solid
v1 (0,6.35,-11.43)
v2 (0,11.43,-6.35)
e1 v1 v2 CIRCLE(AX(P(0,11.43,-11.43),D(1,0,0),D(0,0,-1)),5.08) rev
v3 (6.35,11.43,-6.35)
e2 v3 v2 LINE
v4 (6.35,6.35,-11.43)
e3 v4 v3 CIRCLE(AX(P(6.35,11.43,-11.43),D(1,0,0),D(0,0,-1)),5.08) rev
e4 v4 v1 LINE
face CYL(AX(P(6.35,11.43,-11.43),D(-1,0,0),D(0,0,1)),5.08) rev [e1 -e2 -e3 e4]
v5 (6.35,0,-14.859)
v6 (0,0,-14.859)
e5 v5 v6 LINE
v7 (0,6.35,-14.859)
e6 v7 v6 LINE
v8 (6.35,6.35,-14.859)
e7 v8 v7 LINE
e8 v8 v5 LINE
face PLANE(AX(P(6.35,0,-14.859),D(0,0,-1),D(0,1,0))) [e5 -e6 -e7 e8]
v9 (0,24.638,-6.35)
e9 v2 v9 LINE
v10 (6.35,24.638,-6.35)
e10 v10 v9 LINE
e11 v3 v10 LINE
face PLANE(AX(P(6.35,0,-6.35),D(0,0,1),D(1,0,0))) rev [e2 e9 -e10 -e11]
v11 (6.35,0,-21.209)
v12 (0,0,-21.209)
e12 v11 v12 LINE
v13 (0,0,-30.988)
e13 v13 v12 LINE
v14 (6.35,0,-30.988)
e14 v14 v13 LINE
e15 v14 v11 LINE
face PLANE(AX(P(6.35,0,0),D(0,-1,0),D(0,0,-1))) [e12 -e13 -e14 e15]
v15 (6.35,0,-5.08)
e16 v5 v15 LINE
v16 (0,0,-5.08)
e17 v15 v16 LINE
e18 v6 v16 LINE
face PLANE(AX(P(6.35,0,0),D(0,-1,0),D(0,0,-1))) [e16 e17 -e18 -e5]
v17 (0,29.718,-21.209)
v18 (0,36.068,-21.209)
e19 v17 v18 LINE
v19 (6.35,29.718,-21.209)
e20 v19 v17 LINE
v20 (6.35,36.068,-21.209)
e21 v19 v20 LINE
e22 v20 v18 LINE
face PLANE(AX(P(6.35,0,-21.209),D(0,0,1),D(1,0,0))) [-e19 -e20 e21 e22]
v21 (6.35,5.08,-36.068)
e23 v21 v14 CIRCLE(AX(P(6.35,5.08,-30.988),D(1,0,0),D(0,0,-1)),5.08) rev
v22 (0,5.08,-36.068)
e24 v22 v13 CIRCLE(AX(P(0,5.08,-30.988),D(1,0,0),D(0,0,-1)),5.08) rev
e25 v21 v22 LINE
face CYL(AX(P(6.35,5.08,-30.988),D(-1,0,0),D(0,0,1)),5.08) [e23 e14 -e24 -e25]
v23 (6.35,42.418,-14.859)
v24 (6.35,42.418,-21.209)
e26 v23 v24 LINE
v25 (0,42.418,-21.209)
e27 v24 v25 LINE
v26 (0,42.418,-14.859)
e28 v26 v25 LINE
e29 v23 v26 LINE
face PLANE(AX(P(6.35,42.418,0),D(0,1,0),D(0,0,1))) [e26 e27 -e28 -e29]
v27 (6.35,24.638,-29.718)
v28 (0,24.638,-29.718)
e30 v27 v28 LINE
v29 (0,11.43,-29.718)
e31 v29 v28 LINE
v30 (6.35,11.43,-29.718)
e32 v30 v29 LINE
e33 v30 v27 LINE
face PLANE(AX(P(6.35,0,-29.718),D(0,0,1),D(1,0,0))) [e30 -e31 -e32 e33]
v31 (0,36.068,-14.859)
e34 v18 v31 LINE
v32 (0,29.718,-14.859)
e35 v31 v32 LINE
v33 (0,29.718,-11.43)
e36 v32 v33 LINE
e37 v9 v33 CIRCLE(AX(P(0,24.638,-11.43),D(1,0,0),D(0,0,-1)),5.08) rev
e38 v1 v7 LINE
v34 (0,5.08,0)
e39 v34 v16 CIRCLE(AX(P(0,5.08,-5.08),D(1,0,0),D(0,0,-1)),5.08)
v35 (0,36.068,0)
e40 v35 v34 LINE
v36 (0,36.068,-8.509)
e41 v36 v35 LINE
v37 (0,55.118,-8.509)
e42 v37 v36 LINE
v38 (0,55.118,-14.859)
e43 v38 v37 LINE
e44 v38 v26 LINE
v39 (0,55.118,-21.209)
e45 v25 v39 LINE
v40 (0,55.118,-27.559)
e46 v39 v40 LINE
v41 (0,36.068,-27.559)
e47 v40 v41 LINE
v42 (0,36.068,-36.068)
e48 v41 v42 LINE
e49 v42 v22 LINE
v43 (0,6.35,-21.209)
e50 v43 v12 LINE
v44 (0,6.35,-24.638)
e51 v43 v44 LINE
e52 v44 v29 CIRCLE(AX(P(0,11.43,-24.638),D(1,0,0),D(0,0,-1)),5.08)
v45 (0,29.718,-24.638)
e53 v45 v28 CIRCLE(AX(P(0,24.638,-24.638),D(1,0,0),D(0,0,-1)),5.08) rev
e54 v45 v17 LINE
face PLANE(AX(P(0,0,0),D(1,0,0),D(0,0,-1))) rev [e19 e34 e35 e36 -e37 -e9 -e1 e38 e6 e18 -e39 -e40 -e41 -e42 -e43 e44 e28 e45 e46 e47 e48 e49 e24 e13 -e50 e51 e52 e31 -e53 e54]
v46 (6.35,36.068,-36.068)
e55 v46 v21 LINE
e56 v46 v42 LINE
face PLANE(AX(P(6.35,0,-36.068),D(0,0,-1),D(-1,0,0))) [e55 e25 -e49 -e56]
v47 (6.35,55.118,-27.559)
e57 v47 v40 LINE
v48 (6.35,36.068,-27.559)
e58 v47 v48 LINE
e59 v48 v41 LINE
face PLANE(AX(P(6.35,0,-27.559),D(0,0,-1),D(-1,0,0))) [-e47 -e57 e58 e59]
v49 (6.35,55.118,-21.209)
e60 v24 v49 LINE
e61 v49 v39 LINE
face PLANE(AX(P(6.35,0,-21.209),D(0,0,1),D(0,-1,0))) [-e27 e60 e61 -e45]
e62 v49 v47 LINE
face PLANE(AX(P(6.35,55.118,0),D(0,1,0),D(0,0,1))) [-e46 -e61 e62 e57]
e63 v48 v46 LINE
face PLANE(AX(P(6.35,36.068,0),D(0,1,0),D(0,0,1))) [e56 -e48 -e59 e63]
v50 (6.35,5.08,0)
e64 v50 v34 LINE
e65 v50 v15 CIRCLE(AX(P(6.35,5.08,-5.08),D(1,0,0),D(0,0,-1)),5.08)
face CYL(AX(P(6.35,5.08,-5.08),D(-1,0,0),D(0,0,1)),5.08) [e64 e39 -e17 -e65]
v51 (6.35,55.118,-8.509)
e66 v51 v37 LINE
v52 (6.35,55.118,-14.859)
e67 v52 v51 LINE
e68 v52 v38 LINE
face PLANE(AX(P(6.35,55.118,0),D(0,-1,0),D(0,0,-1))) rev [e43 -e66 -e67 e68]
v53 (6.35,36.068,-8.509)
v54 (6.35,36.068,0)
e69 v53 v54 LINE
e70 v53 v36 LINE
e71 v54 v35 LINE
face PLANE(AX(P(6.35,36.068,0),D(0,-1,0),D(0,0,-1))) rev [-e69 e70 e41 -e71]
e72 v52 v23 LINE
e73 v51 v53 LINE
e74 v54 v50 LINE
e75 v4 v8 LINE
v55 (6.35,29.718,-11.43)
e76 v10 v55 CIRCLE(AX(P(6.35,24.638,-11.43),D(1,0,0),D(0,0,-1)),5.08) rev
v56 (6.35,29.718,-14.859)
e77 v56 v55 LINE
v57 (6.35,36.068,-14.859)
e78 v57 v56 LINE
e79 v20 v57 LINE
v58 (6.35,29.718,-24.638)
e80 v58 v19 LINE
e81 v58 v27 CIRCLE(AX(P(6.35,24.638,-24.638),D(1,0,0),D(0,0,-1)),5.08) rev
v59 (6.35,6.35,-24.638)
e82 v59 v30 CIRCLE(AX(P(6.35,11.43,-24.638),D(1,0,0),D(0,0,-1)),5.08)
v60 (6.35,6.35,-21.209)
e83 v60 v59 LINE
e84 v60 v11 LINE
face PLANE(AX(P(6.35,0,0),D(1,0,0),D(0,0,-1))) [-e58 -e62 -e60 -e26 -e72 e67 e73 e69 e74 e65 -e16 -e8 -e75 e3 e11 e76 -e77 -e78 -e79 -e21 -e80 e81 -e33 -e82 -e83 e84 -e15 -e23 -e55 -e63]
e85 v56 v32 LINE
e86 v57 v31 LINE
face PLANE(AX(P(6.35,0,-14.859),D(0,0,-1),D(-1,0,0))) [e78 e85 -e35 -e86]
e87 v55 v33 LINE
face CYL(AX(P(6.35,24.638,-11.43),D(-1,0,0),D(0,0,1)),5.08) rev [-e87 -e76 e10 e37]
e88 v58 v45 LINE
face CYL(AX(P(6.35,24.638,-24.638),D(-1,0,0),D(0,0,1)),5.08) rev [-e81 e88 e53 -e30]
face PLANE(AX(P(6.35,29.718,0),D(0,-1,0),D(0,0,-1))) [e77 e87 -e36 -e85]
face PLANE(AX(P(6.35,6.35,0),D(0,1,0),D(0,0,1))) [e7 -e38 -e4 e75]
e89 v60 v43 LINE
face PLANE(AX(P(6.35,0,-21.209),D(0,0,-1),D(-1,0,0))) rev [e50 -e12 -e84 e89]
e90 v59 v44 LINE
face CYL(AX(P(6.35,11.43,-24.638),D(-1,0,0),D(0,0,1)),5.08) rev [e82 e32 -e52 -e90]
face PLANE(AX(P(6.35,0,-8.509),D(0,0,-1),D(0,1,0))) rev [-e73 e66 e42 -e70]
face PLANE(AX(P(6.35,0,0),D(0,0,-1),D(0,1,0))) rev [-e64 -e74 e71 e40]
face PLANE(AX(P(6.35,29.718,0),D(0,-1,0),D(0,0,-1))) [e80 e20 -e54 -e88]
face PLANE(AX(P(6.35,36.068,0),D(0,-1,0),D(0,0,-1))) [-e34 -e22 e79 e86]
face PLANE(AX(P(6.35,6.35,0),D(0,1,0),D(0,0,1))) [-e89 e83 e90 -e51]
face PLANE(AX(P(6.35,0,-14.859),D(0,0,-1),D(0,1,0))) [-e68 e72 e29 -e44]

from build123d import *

# Parameters (mm, degrees)
BOSS_EXTRUDE1_DEPTH = 6.35


with BuildPart() as part:
    # Sketch2 → Boss-Extrude1 (new body)
    with BuildSketch(Plane(origin=(0, 0, 0), x_dir=(0, 0, -1), z_dir=(1, 0, 0))):
        with BuildLine():
            Line((14.859, 42.418), (14.859, 55.118))
            Line((14.859, 55.118), (8.509, 55.118))
            Line((8.509, 55.118), (8.509, 36.068))
            Line((8.509, 36.068), (0, 36.068))
            Line((0, 36.068), (0, 5.08))
            ThreePointArc((0, 5.08), (1.487897552, 1.487897552), (5.08, 0))
            Line((5.08, 0), (14.859, 0))
            Line((14.859, 0), (14.859, 6.35))
            Line((14.859, 6.35), (11.43, 6.35))
            ThreePointArc((11.43, 6.35), (7.837897552, 7.837897552), (6.35, 11.43))
            Line((6.35, 11.43), (6.35, 24.638))
            ThreePointArc((6.35, 24.638), (7.837897552, 28.230102448), (11.43, 29.718))
            Line((11.43, 29.718), (14.859, 29.718))
            Line((14.859, 29.718), (14.859, 36.068))
            Line((14.859, 36.068), (21.209, 36.068))
            Line((21.209, 36.068), (21.209, 29.718))
            Line((21.209, 29.718), (24.638, 29.718))
            ThreePointArc((24.638, 29.718), (28.230102448, 28.230102448), (29.718, 24.638))
            Line((29.718, 24.638), (29.718, 11.43))
            ThreePointArc((29.718, 11.43), (28.230102448, 7.837897552), (24.638, 6.35))
            Line((24.638, 6.35), (21.209, 6.35))
            Line((21.209, 6.35), (21.209, 0))
            Line((21.209, 0), (30.988, 0))
            ThreePointArc((30.988, 0), (34.580102448, 1.487897552), (36.068, 5.08))
            Line((36.068, 5.08), (36.068, 36.068))
            Line((36.068, 36.068), (27.559, 36.068))
            Line((27.559, 36.068), (27.559, 55.118))
            Line((27.559, 55.118), (21.209, 55.118))
            Line((21.209, 55.118), (21.209, 42.418))
            Line((21.209, 42.418), (14.859, 42.418))
        make_face()
    extrude(amount=BOSS_EXTRUDE1_DEPTH)


solid = part.part
